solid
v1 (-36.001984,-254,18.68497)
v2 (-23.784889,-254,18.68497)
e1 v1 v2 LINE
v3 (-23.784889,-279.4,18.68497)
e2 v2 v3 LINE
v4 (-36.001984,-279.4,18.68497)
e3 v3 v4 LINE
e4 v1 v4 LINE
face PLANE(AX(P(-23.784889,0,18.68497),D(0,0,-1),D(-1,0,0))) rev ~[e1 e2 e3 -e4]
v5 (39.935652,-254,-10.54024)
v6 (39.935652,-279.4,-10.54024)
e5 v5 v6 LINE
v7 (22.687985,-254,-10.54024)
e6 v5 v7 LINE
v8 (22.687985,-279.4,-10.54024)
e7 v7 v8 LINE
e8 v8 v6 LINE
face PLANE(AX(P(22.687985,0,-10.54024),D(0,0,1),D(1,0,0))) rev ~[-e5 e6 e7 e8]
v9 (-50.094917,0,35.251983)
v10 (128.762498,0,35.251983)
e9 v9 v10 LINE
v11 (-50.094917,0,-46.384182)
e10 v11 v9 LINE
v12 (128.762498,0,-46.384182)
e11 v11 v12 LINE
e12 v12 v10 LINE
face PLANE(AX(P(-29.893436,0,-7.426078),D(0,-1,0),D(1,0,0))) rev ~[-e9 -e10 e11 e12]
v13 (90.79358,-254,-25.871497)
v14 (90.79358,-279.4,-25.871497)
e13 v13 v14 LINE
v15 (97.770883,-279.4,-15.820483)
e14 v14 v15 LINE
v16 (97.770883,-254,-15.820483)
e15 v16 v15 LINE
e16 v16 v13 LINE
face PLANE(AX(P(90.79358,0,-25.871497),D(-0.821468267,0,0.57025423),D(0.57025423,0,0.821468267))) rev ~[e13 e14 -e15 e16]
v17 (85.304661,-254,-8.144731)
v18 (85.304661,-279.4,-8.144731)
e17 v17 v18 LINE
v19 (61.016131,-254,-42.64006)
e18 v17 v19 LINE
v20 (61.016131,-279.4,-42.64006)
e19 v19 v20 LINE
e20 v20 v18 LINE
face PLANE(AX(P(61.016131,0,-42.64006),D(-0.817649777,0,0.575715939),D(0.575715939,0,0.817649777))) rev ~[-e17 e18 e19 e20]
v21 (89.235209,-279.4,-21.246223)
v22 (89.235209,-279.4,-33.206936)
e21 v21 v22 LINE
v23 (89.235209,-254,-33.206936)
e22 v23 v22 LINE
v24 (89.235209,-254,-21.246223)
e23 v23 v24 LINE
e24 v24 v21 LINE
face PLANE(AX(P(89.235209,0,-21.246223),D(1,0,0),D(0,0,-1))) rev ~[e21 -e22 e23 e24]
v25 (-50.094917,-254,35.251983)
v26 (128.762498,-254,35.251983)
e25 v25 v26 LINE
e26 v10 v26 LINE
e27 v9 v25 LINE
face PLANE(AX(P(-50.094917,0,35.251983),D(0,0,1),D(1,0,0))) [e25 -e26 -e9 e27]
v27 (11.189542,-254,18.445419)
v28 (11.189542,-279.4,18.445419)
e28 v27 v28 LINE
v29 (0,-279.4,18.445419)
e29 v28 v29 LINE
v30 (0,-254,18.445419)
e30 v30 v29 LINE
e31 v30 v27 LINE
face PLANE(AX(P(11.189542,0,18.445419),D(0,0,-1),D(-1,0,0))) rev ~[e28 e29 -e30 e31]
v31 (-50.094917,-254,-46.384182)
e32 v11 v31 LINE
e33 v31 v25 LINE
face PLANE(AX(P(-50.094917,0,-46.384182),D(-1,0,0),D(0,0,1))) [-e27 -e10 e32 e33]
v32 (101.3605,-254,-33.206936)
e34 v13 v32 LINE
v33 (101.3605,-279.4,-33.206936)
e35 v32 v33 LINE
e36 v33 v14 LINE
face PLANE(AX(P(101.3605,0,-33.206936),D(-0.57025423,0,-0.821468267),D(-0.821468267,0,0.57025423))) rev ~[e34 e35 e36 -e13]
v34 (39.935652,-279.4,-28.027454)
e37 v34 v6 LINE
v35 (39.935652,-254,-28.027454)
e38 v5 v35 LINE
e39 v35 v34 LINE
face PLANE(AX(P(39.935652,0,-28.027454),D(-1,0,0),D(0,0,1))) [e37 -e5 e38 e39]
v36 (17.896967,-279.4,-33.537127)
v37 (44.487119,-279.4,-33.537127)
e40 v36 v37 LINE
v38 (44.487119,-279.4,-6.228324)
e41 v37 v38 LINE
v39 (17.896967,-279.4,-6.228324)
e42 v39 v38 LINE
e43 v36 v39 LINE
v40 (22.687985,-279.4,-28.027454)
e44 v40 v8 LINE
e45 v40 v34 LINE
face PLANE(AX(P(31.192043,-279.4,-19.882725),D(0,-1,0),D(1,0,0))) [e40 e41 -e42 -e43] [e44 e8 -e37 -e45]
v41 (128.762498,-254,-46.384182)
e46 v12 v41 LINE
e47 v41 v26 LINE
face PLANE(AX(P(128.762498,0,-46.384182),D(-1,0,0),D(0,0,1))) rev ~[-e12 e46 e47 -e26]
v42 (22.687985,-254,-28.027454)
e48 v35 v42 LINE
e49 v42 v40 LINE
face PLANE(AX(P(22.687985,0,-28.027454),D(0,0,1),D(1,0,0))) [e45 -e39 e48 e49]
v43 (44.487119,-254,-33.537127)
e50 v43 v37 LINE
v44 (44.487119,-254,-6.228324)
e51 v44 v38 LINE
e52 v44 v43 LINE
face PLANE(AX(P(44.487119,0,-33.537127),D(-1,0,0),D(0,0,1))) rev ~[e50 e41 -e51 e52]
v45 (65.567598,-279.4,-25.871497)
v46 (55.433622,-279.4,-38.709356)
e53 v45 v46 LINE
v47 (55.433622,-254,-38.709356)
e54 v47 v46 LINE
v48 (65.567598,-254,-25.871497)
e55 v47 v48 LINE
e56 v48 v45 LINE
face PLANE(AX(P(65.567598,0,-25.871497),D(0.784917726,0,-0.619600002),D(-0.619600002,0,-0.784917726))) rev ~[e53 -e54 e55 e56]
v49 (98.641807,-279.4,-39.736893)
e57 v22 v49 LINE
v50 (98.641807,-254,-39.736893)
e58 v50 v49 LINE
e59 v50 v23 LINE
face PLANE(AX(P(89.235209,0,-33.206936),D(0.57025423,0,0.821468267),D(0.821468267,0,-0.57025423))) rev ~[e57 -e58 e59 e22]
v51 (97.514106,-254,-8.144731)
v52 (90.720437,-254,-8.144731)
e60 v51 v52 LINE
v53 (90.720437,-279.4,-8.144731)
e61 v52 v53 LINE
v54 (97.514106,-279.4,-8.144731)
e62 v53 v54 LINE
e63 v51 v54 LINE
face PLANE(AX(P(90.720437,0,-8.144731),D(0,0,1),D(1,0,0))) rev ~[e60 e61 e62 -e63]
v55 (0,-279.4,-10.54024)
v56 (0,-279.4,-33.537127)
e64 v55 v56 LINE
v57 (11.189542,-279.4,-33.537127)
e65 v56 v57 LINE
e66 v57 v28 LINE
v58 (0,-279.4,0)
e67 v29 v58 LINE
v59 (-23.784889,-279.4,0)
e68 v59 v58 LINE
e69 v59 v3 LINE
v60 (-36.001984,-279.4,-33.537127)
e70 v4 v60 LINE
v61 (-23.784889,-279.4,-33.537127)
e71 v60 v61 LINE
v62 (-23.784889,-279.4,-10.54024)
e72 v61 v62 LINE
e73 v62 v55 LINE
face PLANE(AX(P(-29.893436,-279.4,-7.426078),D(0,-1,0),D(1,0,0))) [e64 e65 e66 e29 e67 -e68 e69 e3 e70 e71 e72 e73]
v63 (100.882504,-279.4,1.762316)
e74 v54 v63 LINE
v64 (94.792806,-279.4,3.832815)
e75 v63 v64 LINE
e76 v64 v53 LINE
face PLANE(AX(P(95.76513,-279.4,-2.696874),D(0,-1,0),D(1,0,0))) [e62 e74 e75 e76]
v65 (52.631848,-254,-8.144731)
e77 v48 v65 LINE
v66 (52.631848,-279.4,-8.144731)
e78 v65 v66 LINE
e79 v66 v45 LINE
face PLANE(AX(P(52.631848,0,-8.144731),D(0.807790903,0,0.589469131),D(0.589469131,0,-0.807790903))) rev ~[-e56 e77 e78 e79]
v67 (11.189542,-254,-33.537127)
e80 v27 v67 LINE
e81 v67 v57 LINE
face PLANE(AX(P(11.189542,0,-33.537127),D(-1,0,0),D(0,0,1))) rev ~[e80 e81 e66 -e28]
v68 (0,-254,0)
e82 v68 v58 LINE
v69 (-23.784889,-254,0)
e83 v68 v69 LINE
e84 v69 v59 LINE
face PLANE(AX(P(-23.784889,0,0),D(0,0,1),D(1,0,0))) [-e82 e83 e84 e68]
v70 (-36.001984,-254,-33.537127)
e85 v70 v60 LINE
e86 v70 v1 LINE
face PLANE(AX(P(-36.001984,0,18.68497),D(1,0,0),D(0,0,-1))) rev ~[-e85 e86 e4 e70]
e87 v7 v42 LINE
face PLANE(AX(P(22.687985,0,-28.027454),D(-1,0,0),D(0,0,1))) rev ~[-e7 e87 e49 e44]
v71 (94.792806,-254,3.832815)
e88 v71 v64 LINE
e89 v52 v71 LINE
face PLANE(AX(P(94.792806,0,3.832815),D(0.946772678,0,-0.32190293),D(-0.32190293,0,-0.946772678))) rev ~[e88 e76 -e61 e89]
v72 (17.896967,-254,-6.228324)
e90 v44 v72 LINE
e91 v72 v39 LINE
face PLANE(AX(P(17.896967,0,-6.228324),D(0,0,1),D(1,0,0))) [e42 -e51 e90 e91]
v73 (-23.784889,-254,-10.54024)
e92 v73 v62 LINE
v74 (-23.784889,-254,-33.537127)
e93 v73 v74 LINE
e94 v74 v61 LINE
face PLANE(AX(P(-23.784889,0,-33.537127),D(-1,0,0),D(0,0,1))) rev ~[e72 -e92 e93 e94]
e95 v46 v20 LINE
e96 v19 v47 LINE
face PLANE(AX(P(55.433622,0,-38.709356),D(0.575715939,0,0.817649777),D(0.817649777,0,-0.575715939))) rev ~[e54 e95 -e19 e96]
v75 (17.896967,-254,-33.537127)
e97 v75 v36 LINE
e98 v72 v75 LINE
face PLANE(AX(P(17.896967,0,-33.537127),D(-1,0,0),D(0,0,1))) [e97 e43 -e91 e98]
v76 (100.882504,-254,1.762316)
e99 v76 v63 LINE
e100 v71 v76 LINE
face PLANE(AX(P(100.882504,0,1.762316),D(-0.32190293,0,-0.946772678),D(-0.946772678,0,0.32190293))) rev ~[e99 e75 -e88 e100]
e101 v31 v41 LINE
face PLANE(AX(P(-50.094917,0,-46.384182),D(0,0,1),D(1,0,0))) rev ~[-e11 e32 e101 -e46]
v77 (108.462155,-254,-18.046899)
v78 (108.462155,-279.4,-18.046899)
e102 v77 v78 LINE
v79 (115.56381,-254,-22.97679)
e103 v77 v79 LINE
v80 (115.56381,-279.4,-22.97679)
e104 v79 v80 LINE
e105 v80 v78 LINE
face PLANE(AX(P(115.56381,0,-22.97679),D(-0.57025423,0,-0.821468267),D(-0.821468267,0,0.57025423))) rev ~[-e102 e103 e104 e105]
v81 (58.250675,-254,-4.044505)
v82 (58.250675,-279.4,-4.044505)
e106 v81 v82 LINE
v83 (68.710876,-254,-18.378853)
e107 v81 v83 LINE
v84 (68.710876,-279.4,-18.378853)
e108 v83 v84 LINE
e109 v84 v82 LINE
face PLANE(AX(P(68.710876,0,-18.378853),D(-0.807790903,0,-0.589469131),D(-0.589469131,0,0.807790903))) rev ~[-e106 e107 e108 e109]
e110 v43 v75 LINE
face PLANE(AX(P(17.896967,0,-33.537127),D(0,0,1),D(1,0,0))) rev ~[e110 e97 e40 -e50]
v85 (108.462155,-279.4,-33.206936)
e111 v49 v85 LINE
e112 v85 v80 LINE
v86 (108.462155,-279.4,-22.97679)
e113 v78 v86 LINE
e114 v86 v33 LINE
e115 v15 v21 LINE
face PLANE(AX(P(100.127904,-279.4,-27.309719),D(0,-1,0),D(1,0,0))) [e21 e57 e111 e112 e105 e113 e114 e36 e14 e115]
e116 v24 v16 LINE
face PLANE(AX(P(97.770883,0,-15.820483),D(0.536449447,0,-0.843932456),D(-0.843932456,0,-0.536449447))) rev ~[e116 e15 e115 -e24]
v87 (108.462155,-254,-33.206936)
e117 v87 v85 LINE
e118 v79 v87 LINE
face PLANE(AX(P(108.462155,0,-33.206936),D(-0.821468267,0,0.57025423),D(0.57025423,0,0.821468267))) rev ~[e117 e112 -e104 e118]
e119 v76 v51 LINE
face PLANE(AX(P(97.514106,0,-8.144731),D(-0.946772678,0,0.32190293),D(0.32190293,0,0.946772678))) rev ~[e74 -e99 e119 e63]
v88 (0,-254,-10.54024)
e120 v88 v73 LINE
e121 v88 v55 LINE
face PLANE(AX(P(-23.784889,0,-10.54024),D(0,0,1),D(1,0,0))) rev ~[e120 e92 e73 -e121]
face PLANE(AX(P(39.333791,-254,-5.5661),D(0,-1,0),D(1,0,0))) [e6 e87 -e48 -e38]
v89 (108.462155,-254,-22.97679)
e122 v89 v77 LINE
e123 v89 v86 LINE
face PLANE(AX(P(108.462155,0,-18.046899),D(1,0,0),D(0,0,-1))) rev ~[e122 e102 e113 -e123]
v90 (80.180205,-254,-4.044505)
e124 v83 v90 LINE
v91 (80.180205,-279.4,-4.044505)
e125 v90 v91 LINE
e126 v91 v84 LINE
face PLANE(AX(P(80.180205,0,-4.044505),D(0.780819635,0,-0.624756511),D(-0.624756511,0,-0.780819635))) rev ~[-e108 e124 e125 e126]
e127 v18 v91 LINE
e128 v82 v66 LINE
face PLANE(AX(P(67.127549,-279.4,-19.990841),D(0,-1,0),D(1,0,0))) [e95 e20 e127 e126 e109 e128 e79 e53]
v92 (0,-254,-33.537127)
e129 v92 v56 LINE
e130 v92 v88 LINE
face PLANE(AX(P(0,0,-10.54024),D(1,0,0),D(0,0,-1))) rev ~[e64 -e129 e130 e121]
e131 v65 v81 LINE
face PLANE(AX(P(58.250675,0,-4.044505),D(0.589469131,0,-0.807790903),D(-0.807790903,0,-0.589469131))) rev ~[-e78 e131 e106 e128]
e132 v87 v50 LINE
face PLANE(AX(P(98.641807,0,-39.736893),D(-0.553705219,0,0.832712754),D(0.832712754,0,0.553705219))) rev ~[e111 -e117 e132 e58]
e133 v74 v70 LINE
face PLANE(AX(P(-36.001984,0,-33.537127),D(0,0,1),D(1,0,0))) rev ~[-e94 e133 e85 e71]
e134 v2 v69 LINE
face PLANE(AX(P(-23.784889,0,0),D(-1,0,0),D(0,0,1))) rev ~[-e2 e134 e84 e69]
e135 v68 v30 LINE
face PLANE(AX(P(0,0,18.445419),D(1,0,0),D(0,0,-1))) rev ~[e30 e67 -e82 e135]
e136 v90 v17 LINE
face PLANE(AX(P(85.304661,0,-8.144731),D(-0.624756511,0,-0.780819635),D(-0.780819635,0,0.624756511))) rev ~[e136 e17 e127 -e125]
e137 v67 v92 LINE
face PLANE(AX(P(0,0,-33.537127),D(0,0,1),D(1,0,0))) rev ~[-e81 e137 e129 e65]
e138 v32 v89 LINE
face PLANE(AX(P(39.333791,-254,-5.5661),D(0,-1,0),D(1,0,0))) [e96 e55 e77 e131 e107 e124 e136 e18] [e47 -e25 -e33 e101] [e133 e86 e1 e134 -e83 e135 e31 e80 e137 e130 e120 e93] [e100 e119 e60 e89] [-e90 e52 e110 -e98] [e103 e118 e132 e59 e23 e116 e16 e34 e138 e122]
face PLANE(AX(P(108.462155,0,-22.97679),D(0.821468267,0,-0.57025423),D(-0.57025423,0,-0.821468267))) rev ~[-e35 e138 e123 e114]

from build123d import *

# Parameters (mm, degrees)
F0_W     = 178.8574159145
F0_H     = 81.6361643374
F1_DEPTH = 254
F2_W     = 23.7848889083
F2_H     = 10.5402404442
F2_W_2   = 26.5901517123
F2_H_2   = 27.3088035174
F2_W_3   = 17.2476675361
F2_H_3   = 17.4872139469
F3_DEPTH = 279.4


with BuildPart() as f1:
    # F0 (on Front) → F1 (new body)
    with BuildSketch(Plane.XZ):
        with Locations((39.3337905407, -5.5660996586)):
            Rectangle(F0_W, F0_H)
    extrude(amount=F1_DEPTH)

    # F2 (on Front) → F3 (join)
    with BuildSketch(Plane.XZ):
        Polygon((-23.7848889083, 18.684970215), (-36.00198403, 18.684970215), (-36.00198403, -33.5371270776), (-23.7848889083, -33.5371270776), (-23.7848889083, -10.5402404442), (-23.7848889083, 0), align=None)
        with Locations((-11.8924444541, -5.2701202221)):
            Rectangle(F2_W, F2_H)
        Polygon((0, 18.4454191476), (0, 0), (0, -10.5402404442), (0, -33.5371270776), (11.1895417795, -33.5371270776), (11.1895417795, 18.4454191476), align=None)
        with Locations((31.1920428649, -19.8827253189)):
            Rectangle(F2_W_2, F2_H_2)
        with Locations((31.3118183985, -19.2838474177)):
            Rectangle(F2_W_3, F2_H_3, mode=Mode.SUBTRACT)
        Polygon((58.2506749504, -4.0445046551), (52.6318475604, -8.144730702), (65.5675977468, -25.8714966476), (55.4336216789, -38.7093556306), (61.0161311924, -42.6400601864), (85.3046610062, -8.144730702), (80.1802054048, -4.0445046551), (68.7108764795, -18.3788526116), align=None)
        Polygon((100.8825037981, 1.7623157246), (94.7928056121, 3.8328145165), (90.7204374671, -8.144730702), (97.5141057214, -8.144730702), align=None)
        Polygon((97.7708830958, -15.8204832481), (89.2352089286, -21.2462227792), (89.2352089286, -33.206935972), (98.6418065629, -39.7368925247), (108.4621548653, -33.206935972), (115.5638098717, -22.9767896235), (108.4621548653, -18.0468988759), (108.4621548653, -22.9767896235), (101.3604998589, -33.206935972), (90.7935802111, -25.8714966476), align=None)
    extrude(amount=F3_DEPTH)


solid = f1.part
